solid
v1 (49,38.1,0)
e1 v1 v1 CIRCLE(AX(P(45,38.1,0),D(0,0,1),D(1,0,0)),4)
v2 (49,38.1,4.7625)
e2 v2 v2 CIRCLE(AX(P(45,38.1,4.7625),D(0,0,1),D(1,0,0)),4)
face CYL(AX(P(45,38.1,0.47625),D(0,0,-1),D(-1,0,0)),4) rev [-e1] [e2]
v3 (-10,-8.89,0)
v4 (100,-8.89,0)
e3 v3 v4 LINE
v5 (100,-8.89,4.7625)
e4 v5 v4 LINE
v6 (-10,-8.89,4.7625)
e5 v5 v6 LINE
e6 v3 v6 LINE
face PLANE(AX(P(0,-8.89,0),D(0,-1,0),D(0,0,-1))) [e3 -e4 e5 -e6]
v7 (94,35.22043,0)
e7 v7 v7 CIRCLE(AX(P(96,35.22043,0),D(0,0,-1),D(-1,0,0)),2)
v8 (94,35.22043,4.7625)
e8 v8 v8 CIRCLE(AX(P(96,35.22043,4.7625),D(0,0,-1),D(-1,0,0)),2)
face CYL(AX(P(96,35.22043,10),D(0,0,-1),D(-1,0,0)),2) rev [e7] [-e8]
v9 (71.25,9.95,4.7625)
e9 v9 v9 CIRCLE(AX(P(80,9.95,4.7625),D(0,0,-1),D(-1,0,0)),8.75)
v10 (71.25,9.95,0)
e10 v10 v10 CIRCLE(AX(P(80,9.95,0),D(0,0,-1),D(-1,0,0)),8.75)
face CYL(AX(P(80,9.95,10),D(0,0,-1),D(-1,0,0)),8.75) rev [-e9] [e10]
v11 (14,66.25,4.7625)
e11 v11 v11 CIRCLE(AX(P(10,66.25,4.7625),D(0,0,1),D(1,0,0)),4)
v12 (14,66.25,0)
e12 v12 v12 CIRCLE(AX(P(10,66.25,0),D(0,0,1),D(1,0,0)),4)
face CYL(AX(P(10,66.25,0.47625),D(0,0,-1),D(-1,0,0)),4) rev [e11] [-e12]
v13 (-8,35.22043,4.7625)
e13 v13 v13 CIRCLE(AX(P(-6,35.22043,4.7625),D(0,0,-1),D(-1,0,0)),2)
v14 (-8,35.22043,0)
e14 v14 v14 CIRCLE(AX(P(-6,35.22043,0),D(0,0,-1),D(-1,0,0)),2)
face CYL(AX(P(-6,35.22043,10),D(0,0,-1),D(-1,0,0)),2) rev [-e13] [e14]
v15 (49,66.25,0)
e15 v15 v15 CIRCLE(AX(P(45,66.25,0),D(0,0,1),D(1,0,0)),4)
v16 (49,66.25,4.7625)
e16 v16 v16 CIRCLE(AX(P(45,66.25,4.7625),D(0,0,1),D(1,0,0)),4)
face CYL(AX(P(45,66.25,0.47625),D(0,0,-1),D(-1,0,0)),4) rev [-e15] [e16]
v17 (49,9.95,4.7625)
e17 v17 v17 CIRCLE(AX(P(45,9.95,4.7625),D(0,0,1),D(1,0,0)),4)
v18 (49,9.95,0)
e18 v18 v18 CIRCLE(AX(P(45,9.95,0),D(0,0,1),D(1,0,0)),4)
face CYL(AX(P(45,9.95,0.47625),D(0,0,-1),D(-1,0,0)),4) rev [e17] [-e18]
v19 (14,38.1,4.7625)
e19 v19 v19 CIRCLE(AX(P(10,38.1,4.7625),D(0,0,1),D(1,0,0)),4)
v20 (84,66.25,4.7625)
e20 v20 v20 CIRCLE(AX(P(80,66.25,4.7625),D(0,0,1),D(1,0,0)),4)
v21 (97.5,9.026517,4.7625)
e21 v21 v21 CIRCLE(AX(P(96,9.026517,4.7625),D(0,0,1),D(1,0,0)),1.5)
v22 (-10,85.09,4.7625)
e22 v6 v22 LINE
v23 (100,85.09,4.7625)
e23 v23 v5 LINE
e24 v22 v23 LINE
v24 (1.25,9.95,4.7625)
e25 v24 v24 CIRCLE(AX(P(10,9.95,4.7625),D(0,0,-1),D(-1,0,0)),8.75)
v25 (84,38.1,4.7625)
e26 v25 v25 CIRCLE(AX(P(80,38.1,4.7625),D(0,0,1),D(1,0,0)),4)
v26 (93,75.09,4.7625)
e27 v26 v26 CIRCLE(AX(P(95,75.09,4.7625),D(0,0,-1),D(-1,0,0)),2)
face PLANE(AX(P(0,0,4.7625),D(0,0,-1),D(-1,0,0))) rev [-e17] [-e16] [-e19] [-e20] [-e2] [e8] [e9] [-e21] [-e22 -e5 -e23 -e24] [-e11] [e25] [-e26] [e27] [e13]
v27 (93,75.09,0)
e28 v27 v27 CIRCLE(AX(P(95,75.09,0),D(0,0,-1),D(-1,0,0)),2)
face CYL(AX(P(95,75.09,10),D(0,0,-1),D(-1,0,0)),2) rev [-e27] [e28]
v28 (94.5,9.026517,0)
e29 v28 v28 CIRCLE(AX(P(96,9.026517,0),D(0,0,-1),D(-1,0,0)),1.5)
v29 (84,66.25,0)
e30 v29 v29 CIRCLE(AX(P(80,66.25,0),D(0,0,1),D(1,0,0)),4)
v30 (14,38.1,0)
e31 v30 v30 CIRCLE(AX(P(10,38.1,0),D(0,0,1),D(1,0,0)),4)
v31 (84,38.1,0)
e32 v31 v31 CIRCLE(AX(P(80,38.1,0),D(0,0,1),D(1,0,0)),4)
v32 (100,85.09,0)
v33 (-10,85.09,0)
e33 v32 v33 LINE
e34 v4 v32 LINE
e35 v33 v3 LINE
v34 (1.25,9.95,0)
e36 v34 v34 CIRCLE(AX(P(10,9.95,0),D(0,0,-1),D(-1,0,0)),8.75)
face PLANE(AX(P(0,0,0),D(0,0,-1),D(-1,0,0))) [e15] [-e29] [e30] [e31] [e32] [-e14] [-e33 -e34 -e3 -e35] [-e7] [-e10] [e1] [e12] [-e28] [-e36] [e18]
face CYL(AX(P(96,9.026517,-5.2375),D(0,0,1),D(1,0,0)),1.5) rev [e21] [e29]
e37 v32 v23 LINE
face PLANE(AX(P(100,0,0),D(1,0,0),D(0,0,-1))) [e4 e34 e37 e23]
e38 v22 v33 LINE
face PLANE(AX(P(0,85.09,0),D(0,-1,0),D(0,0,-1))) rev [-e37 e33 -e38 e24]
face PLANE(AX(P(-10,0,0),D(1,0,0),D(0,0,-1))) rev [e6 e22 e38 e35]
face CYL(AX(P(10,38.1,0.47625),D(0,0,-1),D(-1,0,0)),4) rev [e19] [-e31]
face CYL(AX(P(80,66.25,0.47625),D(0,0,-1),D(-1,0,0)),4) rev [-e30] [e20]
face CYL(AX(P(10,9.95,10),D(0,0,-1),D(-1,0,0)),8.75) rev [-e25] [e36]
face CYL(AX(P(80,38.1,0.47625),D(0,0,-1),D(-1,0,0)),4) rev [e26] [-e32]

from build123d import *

# Parameters (mm, degrees)
CROQUIS1_W               = 90
CROQUIS1_H               = 76.2
CROQUIS1_R               = 4
SALIENTE_EXTRUIR1_DEPTH  = 0.47625
CROQUIS1_2_W             = 90
CROQUIS1_2_H             = 76.2
CROQUIS1_2_R             = 4
SALIENTE_EXTRUIR2_DEPTH  = 4.7625
CROQUIS3_W               = 90
CROQUIS3_H               = 4.7625
SALIENTE_EXTRUIR3_DEPTH  = 4.445
CROQUIS5_W               = 90
CROQUIS5_H               = 4.7625
SALIENTE_EXTRUIR4_DEPTH  = 4.445
CROQUIS6_W               = 4.7625
CROQUIS6_H               = 85.09
SALIENTE_EXTRUIR5_DEPTH  = 5
CROQUIS7_W               = 4.7625
CROQUIS7_H               = 85.09
SALIENTE_EXTRUIR6_DEPTH  = 5
CROQUIS8_W               = 100
CROQUIS8_H               = 4.7625
SALIENTE_EXTRUIR7_DEPTH  = 4.445
CROQUIS9_W               = 100
CROQUIS9_H               = 4.7625
SALIENTE_EXTRUIR8_DEPTH  = 4.445
CROQUIS10_W              = 4.7625
CROQUIS10_H              = 93.98
SALIENTE_EXTRUIR9_DEPTH  = 5
CROQUIS12_W              = 4.7625
CROQUIS12_H              = 93.98
SALIENTE_EXTRUIR10_DEPTH = 5
SKETCH1_R                = 8.75
CUT_EXTRUDE1_DEPTH       = 10
SKETCH2_R                = 2
CUT_EXTRUDE2_DEPTH       = 10
SKETCH3_R                = 1.5
CUT_EXTRUDE3_DEPTH       = 10
SKETCH4_R                = 2
CUT_EXTRUDE4_DEPTH       = 10


with BuildPart() as part:
    # Croquis1 → Saliente-Extruir1 (new body)
    with BuildSketch(Plane.XY):
        with Locations((45, 38.1)):
            Rectangle(CROQUIS1_W, CROQUIS1_H)
        with Locations((45, 38.1)):
            Circle(CROQUIS1_R, mode=Mode.SUBTRACT)
        with Locations((10, 9.95)):
            Circle(CROQUIS1_R, mode=Mode.SUBTRACT)
        with Locations((10, 66.25)):
            Circle(CROQUIS1_R, mode=Mode.SUBTRACT)
        with Locations((80, 66.25)):
            Circle(CROQUIS1_R, mode=Mode.SUBTRACT)
        with Locations((80, 9.95)):
            Circle(CROQUIS1_R, mode=Mode.SUBTRACT)
        with Locations((45, 66.25)):
            Circle(CROQUIS1_R, mode=Mode.SUBTRACT)
        with Locations((10, 38.1)):
            Circle(CROQUIS1_R, mode=Mode.SUBTRACT)
        with Locations((80, 38.1)):
            Circle(CROQUIS1_R, mode=Mode.SUBTRACT)
        with Locations((45, 9.95)):
            Circle(CROQUIS1_R, mode=Mode.SUBTRACT)
    extrude(amount=SALIENTE_EXTRUIR1_DEPTH)

    # Croquis1<2> → Saliente-Extruir2 (add)
    with BuildSketch(Plane.XY):
        with Locations((45, 38.1)):
            Rectangle(CROQUIS1_2_W, CROQUIS1_2_H)
        with Locations((45, 38.1)):
            Circle(CROQUIS1_2_R, mode=Mode.SUBTRACT)
        with Locations((10, 9.95)):
            Circle(CROQUIS1_2_R, mode=Mode.SUBTRACT)
        with Locations((10, 66.25)):
            Circle(CROQUIS1_2_R, mode=Mode.SUBTRACT)
        with Locations((80, 66.25)):
            Circle(CROQUIS1_2_R, mode=Mode.SUBTRACT)
        with Locations((80, 9.95)):
            Circle(CROQUIS1_2_R, mode=Mode.SUBTRACT)
        with Locations((45, 66.25)):
            Circle(CROQUIS1_2_R, mode=Mode.SUBTRACT)
        with Locations((10, 38.1)):
            Circle(CROQUIS1_2_R, mode=Mode.SUBTRACT)
        with Locations((80, 38.1)):
            Circle(CROQUIS1_2_R, mode=Mode.SUBTRACT)
        with Locations((45, 9.95)):
            Circle(CROQUIS1_2_R, mode=Mode.SUBTRACT)
    extrude(amount=SALIENTE_EXTRUIR2_DEPTH)

    # Croquis3 → Saliente-Extruir3 (add)
    with BuildSketch(Plane.XZ):
        with Locations((45, 2.38125)):
            Rectangle(CROQUIS3_W, CROQUIS3_H)
    extrude(amount=SALIENTE_EXTRUIR3_DEPTH)

    # Croquis5 → Saliente-Extruir4 (add)
    with BuildSketch(Plane(origin=(0, 76.2, 0), x_dir=(1, 0, 0), z_dir=(0, 1, 0))):
        with Locations((45, -2.38125)):
            Rectangle(CROQUIS5_W, CROQUIS5_H)
    extrude(amount=SALIENTE_EXTRUIR4_DEPTH)

    # Croquis6 → Saliente-Extruir5 (add)
    with BuildSketch(Plane.ZY):
        with Locations((2.38125, 38.1)):
            Rectangle(CROQUIS6_W, CROQUIS6_H)
    extrude(amount=SALIENTE_EXTRUIR5_DEPTH)

    # Croquis7 → Saliente-Extruir6 (add)
    with BuildSketch(Plane(origin=(90, 0, 0), x_dir=(0, 0, -1), z_dir=(1, 0, 0))):
        with Locations((-2.38125, 38.1)):
            Rectangle(CROQUIS7_W, CROQUIS7_H)
    extrude(amount=SALIENTE_EXTRUIR6_DEPTH)

    # Croquis8 → Saliente-Extruir7 (add)
    with BuildSketch(Plane.XZ.offset(4.445)):
        with Locations((45, 2.38125)):
            Rectangle(CROQUIS8_W, CROQUIS8_H)
    extrude(amount=SALIENTE_EXTRUIR7_DEPTH)

    # Croquis9 → Saliente-Extruir8 (add)
    with BuildSketch(Plane(origin=(0, 80.645, 0), x_dir=(1, 0, 0), z_dir=(0, 1, 0))):
        with Locations((45, -2.38125)):
            Rectangle(CROQUIS9_W, CROQUIS9_H)
    extrude(amount=SALIENTE_EXTRUIR8_DEPTH)

    # Croquis10 → Saliente-Extruir9 (add)
    with BuildSketch(Plane(origin=(95, 0, 0), x_dir=(0, 0, -1), z_dir=(1, 0, 0))):
        with Locations((-2.38125, 38.1)):
            Rectangle(CROQUIS10_W, CROQUIS10_H)
    extrude(amount=SALIENTE_EXTRUIR9_DEPTH)

    # Croquis12 → Saliente-Extruir10 (add)
    with BuildSketch(Plane.ZY.offset(5)):
        with Locations((2.38125, 38.1)):
            Rectangle(CROQUIS12_W, CROQUIS12_H)
    extrude(amount=SALIENTE_EXTRUIR10_DEPTH)

    # Sketch1 → Cut-Extrude1 (cut)
    with BuildSketch(Plane(origin=(0, 0, 0), x_dir=(-1, 0, 0), z_dir=(0, 0, -1))):
        with Locations((-80, 9.95)):
            Circle(SKETCH1_R)
        with Locations((-10, 9.95)):
            Circle(SKETCH1_R)
    extrude(amount=-CUT_EXTRUDE1_DEPTH, mode=Mode.SUBTRACT)

    # Sketch2 → Cut-Extrude2 (cut)
    with BuildSketch(Plane(origin=(0, 0, 0), x_dir=(-1, 0, 0), z_dir=(0, 0, -1))):
        with Locations((-95, 75.09)):
            Circle(SKETCH2_R)
    extrude(amount=-CUT_EXTRUDE2_DEPTH, mode=Mode.SUBTRACT)

    # Sketch3 → Cut-Extrude3 (cut)
    with BuildSketch(Plane.XY.offset(4.7625)):
        with Locations((96, 9.026516715)):
            Circle(SKETCH3_R)
    extrude(amount=-CUT_EXTRUDE3_DEPTH, mode=Mode.SUBTRACT)

    # Sketch4 → Cut-Extrude4 (cut)
    with BuildSketch(Plane(origin=(0, 0, 0), x_dir=(-1, 0, 0), z_dir=(0, 0, -1))):
        with Locations((6, 35.220430455)):
            Circle(SKETCH4_R)
        with Locations((-96, 35.220430455)):
            Circle(SKETCH4_R)
    extrude(amount=-CUT_EXTRUDE4_DEPTH, mode=Mode.SUBTRACT)


solid = part.part
